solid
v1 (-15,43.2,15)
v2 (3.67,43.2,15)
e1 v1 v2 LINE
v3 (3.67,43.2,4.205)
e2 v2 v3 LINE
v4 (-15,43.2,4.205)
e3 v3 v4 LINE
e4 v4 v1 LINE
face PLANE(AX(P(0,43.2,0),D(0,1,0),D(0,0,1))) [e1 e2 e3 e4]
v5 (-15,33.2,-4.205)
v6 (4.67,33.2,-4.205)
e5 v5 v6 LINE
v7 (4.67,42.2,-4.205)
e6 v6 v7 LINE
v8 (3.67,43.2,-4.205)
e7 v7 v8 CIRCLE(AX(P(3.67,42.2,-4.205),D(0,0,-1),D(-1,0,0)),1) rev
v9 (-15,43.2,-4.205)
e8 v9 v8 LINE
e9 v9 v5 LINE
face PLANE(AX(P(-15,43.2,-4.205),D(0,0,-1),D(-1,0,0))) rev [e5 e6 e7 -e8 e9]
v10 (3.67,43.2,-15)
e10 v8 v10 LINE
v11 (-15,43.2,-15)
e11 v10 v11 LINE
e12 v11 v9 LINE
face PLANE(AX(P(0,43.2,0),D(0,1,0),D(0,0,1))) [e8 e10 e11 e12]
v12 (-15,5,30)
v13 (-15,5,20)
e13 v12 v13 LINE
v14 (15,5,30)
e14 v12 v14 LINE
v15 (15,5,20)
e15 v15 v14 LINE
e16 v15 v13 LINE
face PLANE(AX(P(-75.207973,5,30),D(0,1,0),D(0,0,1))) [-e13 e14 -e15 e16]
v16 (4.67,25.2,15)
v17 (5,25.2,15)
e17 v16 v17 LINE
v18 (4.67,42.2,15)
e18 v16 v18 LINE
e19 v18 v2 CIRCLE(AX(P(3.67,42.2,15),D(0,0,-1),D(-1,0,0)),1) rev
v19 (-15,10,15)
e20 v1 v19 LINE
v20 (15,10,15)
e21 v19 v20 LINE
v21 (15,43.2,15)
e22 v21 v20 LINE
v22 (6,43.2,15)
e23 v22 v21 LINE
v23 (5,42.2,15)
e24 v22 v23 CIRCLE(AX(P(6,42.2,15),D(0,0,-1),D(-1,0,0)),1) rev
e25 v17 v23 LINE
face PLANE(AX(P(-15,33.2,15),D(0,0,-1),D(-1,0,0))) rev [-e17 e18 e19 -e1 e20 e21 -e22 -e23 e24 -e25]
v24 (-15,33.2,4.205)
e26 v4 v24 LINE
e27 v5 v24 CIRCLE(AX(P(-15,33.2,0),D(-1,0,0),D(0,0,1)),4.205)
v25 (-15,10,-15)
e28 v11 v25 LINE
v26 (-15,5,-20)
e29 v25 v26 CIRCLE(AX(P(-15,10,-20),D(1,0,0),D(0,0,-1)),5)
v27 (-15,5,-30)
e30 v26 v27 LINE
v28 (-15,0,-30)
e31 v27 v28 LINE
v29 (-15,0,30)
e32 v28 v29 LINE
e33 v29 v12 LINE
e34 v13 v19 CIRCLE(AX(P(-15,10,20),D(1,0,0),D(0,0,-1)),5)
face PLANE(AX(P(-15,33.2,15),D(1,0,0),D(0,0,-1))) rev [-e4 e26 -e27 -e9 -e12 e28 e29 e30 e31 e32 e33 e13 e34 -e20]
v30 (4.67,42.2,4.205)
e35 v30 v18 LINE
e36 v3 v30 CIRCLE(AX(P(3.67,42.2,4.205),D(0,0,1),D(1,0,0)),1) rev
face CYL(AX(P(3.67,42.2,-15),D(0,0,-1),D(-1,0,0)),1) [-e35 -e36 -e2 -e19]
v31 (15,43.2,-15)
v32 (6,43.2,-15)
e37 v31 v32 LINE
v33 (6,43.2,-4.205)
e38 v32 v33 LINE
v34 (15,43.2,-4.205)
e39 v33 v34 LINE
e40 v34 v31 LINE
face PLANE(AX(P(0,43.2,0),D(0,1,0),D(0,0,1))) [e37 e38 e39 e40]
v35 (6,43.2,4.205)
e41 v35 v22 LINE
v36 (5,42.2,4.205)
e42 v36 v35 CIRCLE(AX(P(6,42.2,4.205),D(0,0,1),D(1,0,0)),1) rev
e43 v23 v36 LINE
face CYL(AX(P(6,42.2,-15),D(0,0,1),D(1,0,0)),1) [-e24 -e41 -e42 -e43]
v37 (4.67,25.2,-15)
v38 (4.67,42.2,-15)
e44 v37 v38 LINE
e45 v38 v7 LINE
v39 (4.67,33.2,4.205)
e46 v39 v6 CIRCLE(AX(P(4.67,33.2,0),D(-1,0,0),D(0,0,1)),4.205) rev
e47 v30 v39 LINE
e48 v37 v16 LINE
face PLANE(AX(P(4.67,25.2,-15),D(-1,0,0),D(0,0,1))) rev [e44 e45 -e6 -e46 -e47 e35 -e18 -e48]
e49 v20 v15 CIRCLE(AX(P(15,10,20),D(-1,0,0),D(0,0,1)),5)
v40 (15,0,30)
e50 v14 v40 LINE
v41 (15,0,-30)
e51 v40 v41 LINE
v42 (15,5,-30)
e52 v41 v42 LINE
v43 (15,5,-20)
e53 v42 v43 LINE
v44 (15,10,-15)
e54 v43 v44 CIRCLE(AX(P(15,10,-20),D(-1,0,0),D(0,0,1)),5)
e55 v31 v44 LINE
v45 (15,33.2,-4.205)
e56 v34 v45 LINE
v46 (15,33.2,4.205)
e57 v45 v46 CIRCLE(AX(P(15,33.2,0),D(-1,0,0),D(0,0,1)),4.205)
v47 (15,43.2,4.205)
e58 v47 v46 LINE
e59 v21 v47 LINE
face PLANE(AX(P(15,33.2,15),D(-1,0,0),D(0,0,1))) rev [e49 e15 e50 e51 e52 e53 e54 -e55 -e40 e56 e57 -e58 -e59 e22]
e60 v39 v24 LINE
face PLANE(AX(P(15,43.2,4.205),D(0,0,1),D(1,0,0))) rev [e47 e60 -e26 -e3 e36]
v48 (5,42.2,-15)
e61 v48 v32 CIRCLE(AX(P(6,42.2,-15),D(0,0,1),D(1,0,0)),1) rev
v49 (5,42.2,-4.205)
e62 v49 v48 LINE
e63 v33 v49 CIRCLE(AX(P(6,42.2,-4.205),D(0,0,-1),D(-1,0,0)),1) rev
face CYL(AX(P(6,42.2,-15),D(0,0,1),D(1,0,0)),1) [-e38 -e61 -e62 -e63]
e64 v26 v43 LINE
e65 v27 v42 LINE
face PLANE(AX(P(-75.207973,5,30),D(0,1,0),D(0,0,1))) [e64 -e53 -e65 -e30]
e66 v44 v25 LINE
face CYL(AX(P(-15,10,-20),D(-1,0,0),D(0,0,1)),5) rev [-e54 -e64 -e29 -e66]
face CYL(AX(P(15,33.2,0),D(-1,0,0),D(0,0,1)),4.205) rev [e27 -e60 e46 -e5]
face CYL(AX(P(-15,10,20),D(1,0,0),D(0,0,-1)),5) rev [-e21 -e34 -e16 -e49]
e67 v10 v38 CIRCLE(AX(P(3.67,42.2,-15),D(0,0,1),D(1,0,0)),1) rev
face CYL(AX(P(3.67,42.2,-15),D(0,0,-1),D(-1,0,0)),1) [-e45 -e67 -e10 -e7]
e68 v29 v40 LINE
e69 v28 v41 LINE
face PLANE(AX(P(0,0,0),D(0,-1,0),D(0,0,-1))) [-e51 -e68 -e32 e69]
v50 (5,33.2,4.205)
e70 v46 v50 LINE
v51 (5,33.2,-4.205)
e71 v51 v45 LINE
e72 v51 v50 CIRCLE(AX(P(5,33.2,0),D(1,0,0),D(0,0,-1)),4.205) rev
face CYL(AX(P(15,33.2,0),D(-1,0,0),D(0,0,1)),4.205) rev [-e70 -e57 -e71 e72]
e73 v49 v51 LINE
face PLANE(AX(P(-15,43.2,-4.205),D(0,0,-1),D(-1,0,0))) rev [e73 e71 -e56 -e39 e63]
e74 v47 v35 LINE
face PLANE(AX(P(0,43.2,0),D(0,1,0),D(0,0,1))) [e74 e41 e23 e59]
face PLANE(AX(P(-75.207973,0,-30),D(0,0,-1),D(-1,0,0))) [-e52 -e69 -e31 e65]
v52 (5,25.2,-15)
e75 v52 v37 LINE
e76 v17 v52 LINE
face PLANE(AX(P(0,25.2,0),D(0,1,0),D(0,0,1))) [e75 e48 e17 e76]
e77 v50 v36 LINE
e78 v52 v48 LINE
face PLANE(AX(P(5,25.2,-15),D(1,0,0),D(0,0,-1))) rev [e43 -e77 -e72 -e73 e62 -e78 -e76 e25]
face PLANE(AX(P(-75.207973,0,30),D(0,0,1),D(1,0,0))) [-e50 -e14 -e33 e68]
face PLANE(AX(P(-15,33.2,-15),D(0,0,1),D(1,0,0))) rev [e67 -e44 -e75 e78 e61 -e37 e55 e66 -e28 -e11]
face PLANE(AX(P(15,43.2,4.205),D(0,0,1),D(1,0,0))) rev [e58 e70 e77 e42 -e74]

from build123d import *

# Parameters (mm, degrees)
SKETCH1_W           = 30
SKETCH1_H           = 30
BOSS_EXTRUDE1_DEPTH = 33.2
SKETCH2_R           = 4.205
CUT_EXTRUDE1_DEPTH  = 48.19364364
SKETCH4_W           = 60
SKETCH4_H           = 5
BOSS_EXTRUDE2_DEPTH = 30
FILLET1_R           = 5
SKETCH5_W           = 30
SKETCH5_H           = 10.795
BOSS_EXTRUDE3_DEPTH = 10
SKETCH6_W           = 0.33
SKETCH6_H           = 30
CUT_EXTRUDE2_DEPTH  = 18
FILLET2_R           = 1


with BuildPart() as part:
    # Sketch1 → Boss-Extrude1 (new body)
    with BuildSketch(Plane(origin=(0, 0, 0), x_dir=(1, 0, 0), z_dir=(0, 1, 0))):
        Rectangle(SKETCH1_W, SKETCH1_H)
    extrude(amount=BOSS_EXTRUDE1_DEPTH)

    # Sketch2 → Cut-Extrude1 (cut, through all)
    with BuildSketch(Plane.ZY.offset(15)):
        with Locations((0, 33.2)):
            Circle(SKETCH2_R)
    extrude(amount=-CUT_EXTRUDE1_DEPTH, mode=Mode.SUBTRACT)

    # Sketch4 → Boss-Extrude2 (add)
    with BuildSketch(Plane(origin=(15, 0, 0), x_dir=(0, 0, -1), z_dir=(1, 0, 0))):
        with Locations((0, 2.5)):
            Rectangle(SKETCH4_W, SKETCH4_H)
    extrude(amount=-BOSS_EXTRUDE2_DEPTH)

    # Fillet1
    fillet1_edges = [part.edges().sort_by_distance(p)[0] for p in [
        (0, 5, -15),
        (0, 5, 15),
    ]]
    fillet(fillet1_edges, radius=FILLET1_R)

    # Sketch5 → Boss-Extrude3 (add)
    with BuildSketch(Plane(origin=(0, 33.2, 0), x_dir=(1, 0, 0), z_dir=(0, 1, 0))):
        with Locations((0, 9.6025)):
            Rectangle(SKETCH5_W, SKETCH5_H)
        with Locations((0, -9.6025)):
            Rectangle(SKETCH5_W, SKETCH5_H)
    extrude(amount=BOSS_EXTRUDE3_DEPTH)

    # Sketch6 → Cut-Extrude2 (cut)
    with BuildSketch(Plane(origin=(0, 43.2, 0), x_dir=(1, 0, 0), z_dir=(0, 1, 0))):
        with Locations((4.835, 0)):
            Rectangle(SKETCH6_W, SKETCH6_H)
    extrude(amount=-CUT_EXTRUDE2_DEPTH, mode=Mode.SUBTRACT)

    # Fillet2
    fillet2_edges = [part.edges().sort_by_distance(p)[0] for p in [
        (5, 43.2, -9.6025),
        (5, 43.2, 9.6025),
        (4.67, 43.2, 9.6025),
        (4.67, 43.2, -9.6025),
    ]]
    fillet(fillet2_edges, radius=FILLET2_R)


solid = part.part
